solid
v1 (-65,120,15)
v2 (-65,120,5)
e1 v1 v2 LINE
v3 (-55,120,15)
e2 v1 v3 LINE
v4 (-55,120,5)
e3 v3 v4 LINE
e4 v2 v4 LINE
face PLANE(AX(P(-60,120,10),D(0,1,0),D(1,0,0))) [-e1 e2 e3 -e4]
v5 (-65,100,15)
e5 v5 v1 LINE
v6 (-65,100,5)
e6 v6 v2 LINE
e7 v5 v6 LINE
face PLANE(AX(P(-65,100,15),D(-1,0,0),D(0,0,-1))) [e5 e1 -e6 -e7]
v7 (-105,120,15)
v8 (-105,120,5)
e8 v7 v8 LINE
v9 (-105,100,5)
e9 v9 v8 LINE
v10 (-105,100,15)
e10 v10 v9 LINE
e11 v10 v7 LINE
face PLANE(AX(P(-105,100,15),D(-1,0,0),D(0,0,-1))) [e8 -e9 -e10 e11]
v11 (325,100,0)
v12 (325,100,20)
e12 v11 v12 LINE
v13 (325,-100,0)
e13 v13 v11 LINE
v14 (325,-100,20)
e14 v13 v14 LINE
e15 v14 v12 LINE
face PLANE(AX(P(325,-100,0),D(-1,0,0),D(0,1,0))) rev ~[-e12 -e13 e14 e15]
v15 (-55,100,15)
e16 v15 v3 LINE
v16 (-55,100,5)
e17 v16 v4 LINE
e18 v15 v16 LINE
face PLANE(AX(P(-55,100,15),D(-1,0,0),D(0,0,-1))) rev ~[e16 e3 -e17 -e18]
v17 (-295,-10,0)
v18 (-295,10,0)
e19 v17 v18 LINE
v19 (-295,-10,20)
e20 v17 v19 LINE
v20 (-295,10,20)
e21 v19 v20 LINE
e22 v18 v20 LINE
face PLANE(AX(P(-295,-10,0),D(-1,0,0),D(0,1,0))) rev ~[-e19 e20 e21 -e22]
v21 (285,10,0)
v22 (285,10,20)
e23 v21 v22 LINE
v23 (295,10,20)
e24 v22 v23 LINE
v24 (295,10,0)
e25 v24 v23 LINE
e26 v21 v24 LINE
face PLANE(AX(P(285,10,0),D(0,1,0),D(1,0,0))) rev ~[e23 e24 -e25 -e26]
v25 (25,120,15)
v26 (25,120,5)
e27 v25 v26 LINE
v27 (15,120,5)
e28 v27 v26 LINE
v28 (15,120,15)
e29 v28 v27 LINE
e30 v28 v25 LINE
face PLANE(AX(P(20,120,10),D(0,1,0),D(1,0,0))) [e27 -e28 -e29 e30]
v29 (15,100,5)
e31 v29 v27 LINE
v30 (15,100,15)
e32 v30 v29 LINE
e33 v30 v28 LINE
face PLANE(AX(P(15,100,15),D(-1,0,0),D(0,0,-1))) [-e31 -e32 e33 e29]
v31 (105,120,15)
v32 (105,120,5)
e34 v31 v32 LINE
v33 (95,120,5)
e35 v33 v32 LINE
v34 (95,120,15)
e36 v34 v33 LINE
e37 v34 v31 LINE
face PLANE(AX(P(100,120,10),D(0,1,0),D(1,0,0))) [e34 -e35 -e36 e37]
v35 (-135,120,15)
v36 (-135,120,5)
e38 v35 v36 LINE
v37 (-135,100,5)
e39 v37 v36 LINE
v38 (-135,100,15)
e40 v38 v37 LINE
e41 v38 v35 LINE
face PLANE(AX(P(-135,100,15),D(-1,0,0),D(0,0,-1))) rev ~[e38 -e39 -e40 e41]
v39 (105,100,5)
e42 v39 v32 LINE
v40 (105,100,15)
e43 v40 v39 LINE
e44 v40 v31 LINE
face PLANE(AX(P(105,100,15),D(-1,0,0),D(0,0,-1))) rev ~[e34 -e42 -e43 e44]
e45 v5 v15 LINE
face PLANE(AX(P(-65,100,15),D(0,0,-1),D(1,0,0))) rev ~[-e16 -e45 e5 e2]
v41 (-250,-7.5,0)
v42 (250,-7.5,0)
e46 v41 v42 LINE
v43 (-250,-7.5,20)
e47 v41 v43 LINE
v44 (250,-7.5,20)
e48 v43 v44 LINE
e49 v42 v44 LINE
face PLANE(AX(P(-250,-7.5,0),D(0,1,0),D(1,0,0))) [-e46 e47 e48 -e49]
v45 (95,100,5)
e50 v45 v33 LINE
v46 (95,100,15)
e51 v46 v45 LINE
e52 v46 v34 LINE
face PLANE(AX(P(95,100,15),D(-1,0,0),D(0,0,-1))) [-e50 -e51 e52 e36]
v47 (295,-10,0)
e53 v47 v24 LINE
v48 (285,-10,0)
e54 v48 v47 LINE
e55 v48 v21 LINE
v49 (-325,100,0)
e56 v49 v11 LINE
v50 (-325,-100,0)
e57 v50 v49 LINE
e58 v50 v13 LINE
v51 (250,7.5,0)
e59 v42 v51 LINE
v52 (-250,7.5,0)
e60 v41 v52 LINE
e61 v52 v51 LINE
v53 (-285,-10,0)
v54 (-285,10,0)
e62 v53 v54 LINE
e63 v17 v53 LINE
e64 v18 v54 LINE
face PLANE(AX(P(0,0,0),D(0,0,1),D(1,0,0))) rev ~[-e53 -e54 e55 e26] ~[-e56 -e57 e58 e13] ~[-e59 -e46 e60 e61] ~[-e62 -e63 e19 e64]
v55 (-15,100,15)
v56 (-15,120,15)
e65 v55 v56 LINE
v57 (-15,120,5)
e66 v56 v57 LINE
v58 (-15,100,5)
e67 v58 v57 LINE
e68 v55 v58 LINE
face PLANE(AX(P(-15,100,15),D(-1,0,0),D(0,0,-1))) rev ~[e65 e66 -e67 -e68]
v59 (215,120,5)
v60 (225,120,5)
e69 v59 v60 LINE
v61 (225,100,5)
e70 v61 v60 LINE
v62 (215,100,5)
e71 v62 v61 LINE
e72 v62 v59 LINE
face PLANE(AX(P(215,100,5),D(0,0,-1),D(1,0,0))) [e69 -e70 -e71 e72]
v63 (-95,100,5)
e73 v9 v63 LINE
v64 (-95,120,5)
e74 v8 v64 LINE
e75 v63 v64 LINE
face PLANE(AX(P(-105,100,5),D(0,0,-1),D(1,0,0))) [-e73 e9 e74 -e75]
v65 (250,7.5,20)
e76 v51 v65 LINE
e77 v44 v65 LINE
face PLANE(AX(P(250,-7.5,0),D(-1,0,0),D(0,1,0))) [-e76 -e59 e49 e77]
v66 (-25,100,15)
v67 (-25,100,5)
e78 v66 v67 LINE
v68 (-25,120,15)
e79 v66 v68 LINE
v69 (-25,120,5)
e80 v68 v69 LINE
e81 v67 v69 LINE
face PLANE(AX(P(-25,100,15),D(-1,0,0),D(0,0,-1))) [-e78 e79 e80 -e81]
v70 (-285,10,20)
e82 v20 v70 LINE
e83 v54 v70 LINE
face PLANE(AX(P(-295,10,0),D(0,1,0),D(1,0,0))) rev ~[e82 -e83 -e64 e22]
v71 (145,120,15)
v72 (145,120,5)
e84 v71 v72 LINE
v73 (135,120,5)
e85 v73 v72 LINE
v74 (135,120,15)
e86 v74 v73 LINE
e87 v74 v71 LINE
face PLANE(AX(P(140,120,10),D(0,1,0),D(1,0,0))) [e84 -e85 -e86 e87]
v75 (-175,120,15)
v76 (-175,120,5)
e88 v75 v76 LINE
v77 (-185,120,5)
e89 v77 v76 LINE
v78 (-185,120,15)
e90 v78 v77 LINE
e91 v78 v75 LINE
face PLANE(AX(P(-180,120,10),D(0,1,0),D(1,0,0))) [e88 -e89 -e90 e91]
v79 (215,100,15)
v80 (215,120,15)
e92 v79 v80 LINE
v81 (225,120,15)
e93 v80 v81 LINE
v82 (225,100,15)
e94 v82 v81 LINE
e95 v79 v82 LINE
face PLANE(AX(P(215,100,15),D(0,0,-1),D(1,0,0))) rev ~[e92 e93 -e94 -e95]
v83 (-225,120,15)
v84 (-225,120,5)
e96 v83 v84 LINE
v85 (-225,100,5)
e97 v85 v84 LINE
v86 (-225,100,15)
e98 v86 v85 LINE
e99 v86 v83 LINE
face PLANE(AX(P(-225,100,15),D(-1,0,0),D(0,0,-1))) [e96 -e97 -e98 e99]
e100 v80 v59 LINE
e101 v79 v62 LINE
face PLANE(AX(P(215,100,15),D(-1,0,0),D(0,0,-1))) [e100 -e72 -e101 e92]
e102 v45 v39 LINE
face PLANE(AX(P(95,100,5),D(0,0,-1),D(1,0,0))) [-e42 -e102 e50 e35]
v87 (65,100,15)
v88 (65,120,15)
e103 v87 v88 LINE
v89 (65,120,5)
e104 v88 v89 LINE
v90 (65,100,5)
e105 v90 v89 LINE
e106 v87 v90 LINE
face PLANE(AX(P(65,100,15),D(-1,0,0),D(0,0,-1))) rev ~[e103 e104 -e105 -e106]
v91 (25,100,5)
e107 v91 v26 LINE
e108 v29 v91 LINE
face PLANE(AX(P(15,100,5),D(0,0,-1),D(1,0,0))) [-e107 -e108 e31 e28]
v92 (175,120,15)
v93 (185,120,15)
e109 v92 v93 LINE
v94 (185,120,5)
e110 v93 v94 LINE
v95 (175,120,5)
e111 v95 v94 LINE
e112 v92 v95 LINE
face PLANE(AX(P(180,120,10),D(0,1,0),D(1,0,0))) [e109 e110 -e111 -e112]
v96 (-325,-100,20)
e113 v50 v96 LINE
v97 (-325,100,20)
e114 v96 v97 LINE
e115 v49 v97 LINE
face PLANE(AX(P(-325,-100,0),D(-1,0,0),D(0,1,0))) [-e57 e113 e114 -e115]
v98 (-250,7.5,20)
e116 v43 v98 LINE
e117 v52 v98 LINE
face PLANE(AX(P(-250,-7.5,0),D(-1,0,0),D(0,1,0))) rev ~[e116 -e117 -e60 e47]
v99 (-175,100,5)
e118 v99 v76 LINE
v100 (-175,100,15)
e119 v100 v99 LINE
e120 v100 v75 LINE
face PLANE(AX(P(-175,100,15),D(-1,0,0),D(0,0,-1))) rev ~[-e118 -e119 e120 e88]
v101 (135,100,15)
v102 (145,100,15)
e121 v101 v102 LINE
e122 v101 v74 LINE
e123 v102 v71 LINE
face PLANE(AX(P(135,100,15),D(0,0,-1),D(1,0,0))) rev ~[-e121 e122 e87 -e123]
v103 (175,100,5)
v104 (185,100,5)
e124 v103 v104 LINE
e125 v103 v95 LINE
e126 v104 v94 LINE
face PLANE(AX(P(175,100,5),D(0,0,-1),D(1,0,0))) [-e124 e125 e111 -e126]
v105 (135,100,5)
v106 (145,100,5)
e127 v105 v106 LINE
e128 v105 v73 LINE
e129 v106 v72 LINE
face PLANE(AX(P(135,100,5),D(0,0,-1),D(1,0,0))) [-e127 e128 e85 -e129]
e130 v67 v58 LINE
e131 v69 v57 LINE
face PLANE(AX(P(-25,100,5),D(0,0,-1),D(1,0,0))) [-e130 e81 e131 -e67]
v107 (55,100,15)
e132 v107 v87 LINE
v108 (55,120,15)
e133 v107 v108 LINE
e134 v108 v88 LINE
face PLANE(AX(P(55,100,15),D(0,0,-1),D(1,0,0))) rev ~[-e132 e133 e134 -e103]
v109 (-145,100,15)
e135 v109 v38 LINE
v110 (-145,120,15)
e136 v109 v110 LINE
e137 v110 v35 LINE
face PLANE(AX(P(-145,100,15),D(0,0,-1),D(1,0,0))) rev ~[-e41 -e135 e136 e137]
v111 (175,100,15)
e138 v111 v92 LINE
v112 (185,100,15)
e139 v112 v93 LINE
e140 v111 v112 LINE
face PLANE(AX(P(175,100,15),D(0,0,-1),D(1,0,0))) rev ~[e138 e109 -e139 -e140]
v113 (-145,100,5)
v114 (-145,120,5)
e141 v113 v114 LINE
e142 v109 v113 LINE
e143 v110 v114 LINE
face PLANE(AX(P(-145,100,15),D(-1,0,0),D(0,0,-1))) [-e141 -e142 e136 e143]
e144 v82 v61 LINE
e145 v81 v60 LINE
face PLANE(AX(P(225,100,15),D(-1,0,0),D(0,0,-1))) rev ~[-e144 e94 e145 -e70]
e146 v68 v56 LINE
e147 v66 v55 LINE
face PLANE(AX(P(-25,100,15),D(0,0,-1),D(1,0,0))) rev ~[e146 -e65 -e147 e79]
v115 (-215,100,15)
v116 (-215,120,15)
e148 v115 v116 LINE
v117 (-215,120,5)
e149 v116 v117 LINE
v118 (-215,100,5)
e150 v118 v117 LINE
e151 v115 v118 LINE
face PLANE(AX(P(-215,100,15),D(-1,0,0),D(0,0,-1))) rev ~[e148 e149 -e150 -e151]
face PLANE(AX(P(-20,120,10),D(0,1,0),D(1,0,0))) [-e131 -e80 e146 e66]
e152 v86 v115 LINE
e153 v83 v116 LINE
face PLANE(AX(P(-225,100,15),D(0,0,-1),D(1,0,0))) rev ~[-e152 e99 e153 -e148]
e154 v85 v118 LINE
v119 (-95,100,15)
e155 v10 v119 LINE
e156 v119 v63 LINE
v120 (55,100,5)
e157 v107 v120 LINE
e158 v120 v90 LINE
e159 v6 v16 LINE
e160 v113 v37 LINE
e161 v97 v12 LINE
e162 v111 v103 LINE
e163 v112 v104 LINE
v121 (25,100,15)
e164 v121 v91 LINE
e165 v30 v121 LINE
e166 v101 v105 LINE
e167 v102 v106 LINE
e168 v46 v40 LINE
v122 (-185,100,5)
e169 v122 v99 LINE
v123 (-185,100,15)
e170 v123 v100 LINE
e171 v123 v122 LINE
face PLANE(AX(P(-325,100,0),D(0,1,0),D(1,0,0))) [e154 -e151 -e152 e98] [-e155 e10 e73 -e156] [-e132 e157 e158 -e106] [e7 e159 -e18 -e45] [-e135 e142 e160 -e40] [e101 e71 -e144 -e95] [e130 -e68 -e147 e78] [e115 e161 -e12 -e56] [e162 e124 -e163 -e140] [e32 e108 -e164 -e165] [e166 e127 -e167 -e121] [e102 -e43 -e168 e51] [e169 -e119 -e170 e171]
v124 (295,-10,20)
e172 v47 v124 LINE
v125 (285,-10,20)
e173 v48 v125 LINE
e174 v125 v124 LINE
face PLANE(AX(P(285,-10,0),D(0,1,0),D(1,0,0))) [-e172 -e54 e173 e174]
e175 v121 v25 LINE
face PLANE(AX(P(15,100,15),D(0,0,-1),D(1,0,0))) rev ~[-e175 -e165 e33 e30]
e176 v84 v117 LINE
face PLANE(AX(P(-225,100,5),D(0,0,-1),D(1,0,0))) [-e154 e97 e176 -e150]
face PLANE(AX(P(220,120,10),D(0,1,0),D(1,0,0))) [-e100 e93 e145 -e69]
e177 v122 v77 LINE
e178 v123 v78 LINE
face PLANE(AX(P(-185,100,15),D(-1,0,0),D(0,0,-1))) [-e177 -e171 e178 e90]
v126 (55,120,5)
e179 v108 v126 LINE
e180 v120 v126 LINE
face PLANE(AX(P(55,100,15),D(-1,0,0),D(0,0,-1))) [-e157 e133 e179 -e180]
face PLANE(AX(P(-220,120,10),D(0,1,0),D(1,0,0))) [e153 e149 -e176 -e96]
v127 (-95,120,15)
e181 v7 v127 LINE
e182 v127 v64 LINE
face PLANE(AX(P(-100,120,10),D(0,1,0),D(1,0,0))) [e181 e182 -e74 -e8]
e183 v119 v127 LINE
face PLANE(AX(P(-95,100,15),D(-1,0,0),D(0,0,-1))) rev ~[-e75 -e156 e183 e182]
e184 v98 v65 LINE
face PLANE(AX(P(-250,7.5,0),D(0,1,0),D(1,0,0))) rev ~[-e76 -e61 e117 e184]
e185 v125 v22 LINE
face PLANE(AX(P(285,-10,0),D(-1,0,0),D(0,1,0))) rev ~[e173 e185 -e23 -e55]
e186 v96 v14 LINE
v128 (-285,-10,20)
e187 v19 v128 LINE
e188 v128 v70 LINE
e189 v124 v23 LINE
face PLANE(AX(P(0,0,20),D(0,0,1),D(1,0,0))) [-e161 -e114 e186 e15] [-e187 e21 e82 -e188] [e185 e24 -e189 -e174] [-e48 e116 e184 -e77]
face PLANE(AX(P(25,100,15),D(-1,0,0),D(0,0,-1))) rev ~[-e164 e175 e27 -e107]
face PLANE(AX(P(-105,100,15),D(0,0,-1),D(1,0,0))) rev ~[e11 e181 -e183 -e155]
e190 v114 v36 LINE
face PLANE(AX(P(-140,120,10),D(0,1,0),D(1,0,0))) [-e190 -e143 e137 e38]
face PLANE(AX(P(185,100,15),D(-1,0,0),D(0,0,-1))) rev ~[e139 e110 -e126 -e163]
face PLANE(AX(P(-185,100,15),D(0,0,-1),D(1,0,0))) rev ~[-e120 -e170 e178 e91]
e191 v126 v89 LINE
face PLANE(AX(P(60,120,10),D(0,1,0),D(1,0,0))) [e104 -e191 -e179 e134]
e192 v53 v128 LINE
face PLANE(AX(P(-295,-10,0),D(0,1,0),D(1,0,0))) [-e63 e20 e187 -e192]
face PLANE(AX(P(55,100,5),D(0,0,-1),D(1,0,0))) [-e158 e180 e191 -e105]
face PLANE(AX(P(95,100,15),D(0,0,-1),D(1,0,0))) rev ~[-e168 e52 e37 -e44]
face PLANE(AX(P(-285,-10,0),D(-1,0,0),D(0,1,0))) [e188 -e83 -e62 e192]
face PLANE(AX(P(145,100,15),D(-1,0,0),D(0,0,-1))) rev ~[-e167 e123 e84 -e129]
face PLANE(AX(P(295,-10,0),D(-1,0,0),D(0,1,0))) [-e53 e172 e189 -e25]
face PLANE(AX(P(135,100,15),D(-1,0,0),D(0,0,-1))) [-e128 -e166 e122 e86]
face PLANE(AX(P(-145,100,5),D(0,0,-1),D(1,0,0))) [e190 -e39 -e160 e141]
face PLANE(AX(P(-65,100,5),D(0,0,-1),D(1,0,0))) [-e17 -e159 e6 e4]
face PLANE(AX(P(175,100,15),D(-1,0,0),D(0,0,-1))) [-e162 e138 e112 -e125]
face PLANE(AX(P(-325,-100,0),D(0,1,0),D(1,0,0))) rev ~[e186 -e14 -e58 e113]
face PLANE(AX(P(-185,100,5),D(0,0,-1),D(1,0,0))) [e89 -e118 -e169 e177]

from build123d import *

# Parameters (mm, degrees)
SKETCH1_W           = 650
SKETCH1_H           = 200
SKETCH1_W_2         = 500
SKETCH1_H_2         = 15
SKETCH1_W_3         = 10
SKETCH1_H_3         = 20
BOSS_EXTRUDE1_DEPTH = 20
SKETCH2_W           = 10
SKETCH2_H           = 10
BOSS_EXTRUDE2_DEPTH = 20


with BuildPart() as part:
    # Sketch1 → Boss-Extrude1 (new body)
    with BuildSketch(Plane.XY):
        Rectangle(SKETCH1_W, SKETCH1_H)
        Rectangle(SKETCH1_W_2, SKETCH1_H_2, mode=Mode.SUBTRACT)
        with Locations((-290, 0)):
            Rectangle(SKETCH1_W_3, SKETCH1_H_3, mode=Mode.SUBTRACT)
        with Locations((290, 0)):
            Rectangle(SKETCH1_W_3, SKETCH1_H_3, mode=Mode.SUBTRACT)
    extrude(amount=BOSS_EXTRUDE1_DEPTH)

    # Sketch2 → Boss-Extrude2 (add)
    with BuildSketch(Plane(origin=(0, 100, 0), x_dir=(1, 0, 0), z_dir=(0, 1, 0))):
        with Locations((-180, -10)):
            Rectangle(SKETCH2_W, SKETCH2_H)
        with Locations((-220, -10)):
            Rectangle(SKETCH2_W, SKETCH2_H)
        with Locations((-140, -10)):
            Rectangle(SKETCH2_W, SKETCH2_H)
        with Locations((-100, -10)):
            Rectangle(SKETCH2_W, SKETCH2_H)
        with Locations((-60, -10)):
            Rectangle(SKETCH2_W, SKETCH2_H)
        with Locations((-20, -10)):
            Rectangle(SKETCH2_W, SKETCH2_H)
        with Locations((20, -10)):
            Rectangle(SKETCH2_W, SKETCH2_H)
        with Locations((60, -10)):
            Rectangle(SKETCH2_W, SKETCH2_H)
        with Locations((100, -10)):
            Rectangle(SKETCH2_W, SKETCH2_H)
        with Locations((140, -10)):
            Rectangle(SKETCH2_W, SKETCH2_H)
        with Locations((180, -10)):
            Rectangle(SKETCH2_W, SKETCH2_H)
        with Locations((220, -10)):
            Rectangle(SKETCH2_W, SKETCH2_H)
    extrude(amount=BOSS_EXTRUDE2_DEPTH)


solid = part.part
